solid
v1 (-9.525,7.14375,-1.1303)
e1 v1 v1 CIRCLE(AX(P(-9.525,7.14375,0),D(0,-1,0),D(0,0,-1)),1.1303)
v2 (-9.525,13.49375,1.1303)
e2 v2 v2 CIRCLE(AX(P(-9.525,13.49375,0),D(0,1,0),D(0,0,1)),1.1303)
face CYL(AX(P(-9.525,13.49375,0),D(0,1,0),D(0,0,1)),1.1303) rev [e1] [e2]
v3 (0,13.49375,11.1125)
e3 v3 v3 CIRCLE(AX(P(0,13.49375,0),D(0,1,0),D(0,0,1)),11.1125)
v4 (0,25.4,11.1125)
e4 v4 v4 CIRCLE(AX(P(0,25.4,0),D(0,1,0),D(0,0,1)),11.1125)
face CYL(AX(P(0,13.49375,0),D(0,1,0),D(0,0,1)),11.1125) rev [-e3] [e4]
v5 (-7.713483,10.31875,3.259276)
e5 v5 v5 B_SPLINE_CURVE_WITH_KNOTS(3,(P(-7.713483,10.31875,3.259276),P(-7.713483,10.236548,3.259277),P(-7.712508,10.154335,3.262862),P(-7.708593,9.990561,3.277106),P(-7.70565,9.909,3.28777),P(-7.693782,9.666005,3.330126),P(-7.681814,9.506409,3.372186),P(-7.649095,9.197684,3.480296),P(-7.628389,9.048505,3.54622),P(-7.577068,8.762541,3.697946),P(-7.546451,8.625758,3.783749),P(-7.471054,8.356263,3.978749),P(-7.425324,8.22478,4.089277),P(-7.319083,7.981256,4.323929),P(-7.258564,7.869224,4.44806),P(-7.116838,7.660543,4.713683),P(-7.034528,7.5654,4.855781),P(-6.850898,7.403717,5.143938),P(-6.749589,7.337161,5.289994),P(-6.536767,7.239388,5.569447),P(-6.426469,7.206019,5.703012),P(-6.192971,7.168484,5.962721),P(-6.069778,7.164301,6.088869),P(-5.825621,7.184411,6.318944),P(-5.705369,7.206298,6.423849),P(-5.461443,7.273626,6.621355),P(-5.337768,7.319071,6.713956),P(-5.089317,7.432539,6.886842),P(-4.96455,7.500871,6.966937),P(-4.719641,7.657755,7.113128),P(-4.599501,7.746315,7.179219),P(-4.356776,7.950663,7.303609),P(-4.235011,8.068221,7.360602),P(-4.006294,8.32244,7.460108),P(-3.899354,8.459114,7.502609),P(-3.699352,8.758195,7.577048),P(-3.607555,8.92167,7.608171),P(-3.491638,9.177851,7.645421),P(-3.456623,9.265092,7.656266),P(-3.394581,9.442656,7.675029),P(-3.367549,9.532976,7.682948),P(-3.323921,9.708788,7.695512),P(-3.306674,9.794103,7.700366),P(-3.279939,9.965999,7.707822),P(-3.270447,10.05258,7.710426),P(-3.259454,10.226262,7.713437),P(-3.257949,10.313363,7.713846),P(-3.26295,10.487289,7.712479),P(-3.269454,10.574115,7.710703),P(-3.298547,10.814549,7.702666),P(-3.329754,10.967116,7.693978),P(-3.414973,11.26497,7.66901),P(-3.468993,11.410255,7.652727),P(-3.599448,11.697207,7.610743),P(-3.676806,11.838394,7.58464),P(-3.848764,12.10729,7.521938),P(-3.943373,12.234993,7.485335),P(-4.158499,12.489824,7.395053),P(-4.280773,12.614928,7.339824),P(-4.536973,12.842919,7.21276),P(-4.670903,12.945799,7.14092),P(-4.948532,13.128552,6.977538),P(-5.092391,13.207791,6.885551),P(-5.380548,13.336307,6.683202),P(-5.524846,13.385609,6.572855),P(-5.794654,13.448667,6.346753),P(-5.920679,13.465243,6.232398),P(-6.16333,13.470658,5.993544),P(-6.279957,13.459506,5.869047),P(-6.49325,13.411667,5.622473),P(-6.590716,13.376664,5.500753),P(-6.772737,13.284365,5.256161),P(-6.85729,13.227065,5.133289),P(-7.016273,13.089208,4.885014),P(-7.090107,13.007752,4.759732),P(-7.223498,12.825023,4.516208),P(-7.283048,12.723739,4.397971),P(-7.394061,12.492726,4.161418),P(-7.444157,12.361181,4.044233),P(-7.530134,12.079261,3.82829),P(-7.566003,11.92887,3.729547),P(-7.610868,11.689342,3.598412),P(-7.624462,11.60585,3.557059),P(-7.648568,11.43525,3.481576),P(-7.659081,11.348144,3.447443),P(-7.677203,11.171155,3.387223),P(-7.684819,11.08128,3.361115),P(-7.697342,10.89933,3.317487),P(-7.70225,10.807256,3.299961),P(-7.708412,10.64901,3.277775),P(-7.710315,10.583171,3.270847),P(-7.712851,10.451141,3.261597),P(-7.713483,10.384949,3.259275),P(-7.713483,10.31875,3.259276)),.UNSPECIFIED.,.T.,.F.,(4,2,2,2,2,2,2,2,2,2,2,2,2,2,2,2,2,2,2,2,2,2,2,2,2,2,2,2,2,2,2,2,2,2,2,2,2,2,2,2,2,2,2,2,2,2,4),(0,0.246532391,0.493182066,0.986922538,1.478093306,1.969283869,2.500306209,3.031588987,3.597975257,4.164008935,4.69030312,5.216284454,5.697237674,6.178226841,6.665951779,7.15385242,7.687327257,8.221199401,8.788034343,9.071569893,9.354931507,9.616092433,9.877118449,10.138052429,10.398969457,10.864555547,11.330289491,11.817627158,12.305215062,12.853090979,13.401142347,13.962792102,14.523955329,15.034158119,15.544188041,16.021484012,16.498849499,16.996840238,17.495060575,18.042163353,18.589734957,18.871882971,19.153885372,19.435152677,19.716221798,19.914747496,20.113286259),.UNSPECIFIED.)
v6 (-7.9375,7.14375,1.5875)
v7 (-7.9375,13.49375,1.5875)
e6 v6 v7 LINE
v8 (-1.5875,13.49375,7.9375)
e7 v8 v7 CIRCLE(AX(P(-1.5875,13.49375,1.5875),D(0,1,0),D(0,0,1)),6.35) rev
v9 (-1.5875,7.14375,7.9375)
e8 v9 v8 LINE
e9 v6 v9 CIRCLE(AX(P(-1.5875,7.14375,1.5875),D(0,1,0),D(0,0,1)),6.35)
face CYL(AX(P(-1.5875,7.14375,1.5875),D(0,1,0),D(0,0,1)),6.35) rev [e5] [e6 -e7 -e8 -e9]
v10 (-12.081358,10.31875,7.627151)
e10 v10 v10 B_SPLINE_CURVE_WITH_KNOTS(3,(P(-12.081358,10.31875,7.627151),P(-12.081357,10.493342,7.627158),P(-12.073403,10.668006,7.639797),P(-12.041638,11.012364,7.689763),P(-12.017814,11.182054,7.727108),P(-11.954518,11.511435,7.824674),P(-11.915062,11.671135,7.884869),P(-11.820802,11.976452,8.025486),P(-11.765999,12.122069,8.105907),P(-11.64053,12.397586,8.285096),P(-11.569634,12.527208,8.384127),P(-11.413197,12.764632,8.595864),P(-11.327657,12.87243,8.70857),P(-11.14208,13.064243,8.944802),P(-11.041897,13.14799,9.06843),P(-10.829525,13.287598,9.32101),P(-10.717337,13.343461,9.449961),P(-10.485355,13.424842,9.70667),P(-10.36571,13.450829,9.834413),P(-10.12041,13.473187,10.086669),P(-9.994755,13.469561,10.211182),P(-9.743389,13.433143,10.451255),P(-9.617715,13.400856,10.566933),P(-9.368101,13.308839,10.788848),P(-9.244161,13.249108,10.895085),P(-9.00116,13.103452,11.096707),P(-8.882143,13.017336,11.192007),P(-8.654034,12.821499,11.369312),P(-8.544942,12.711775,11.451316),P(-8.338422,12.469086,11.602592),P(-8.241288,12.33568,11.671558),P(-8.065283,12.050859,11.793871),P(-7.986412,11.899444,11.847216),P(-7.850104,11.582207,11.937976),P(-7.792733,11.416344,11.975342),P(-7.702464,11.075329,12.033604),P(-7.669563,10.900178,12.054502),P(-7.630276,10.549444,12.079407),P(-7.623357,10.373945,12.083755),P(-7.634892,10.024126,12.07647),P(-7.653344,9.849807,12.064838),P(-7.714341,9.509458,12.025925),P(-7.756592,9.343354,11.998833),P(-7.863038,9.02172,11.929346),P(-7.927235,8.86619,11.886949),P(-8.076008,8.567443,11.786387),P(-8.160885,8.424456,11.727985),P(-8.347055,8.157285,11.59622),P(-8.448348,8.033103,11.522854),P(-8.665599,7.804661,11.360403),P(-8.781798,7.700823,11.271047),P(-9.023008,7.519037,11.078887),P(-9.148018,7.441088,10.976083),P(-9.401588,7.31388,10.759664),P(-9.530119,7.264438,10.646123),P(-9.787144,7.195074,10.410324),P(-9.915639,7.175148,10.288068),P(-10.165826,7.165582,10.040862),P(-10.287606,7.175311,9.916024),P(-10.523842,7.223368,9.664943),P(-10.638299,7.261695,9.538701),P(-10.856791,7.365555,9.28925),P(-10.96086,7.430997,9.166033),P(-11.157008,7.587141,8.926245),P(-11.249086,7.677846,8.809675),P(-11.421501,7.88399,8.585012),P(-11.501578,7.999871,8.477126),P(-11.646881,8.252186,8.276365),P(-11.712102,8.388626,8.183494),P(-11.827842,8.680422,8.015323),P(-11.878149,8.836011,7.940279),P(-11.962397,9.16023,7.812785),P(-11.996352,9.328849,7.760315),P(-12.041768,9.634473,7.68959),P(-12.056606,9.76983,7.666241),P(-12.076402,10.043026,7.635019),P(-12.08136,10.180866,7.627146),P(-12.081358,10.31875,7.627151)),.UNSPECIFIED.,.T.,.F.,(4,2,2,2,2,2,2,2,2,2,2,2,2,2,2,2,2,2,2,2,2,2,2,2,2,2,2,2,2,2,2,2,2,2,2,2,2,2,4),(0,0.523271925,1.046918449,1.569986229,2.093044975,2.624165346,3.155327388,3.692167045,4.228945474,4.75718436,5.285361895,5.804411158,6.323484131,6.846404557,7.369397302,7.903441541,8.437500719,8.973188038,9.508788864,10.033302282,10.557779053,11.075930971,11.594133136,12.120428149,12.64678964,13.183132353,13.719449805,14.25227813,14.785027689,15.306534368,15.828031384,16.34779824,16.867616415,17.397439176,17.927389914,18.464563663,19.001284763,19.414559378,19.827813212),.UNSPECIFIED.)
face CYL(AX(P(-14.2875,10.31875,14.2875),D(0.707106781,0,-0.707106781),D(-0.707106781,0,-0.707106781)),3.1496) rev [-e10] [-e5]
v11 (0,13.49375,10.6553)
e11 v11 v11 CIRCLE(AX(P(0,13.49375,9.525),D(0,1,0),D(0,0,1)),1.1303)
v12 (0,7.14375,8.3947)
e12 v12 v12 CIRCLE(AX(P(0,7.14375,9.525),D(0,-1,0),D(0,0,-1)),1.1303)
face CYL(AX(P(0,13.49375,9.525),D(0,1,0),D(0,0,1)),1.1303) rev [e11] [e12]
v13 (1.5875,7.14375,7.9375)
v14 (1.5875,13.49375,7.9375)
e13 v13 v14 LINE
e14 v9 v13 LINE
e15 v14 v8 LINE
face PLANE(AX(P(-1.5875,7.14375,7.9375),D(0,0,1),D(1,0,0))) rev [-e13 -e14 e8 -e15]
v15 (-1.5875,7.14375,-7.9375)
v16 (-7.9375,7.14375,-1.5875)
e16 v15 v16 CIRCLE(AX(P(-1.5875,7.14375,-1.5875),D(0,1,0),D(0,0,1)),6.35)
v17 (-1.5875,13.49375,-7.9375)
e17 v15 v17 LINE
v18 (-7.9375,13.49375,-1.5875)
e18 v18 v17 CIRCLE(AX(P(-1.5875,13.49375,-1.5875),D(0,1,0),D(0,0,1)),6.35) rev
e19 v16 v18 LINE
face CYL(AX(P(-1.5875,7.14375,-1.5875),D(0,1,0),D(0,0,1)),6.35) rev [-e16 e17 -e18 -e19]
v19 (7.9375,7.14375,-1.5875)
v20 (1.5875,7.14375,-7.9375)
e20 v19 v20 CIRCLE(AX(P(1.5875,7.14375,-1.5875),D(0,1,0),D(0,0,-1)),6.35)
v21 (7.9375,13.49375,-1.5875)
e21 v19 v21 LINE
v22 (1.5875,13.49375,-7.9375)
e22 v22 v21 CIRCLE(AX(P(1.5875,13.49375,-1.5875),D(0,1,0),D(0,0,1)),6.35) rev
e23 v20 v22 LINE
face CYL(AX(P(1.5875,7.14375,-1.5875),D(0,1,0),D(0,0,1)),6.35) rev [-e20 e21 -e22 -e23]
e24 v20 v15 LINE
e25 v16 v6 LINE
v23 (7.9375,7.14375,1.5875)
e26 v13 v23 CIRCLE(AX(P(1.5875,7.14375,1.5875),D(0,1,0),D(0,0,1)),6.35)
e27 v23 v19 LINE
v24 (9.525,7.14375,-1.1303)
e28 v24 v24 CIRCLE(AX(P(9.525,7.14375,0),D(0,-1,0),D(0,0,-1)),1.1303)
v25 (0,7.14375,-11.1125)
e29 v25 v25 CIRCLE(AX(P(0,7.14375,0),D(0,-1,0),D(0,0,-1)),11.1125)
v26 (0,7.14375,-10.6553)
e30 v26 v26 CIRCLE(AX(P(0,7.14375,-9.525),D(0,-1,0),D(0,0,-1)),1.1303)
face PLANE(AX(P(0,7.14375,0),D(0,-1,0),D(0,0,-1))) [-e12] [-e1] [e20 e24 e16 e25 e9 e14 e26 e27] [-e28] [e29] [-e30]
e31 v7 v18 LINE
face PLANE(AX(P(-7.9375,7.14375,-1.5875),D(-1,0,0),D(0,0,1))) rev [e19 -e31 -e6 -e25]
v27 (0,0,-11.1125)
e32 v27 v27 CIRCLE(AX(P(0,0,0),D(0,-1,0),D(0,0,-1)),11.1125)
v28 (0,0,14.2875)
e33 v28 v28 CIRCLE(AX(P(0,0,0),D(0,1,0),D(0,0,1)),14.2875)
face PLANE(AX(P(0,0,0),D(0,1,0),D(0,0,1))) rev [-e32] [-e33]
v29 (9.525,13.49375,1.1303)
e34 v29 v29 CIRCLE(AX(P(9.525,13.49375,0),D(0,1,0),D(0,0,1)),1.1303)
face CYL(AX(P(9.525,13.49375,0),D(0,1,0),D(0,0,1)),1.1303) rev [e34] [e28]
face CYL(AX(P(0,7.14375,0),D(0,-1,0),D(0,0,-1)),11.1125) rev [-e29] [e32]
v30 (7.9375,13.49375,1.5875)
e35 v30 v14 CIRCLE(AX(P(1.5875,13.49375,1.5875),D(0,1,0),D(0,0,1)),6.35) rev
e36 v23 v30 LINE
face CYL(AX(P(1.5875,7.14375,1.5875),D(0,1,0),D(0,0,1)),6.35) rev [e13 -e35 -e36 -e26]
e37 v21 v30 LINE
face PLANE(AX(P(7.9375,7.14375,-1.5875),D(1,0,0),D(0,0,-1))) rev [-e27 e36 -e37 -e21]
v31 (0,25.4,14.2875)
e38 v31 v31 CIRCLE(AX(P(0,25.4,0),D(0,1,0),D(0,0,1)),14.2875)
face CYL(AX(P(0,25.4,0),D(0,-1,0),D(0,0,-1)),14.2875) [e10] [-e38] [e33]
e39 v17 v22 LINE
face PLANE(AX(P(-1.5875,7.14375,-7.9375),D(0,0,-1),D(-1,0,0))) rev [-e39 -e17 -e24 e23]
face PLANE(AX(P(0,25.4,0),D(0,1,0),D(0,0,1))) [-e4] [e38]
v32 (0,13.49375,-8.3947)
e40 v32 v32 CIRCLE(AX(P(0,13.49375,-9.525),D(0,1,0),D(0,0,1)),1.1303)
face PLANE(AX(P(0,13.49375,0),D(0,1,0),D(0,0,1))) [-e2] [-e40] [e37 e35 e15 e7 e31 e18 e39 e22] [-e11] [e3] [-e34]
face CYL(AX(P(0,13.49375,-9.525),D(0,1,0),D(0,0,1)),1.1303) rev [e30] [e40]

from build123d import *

# Parameters (mm, degrees)
SKETCH1_R             = 14.2875
BOSS_EXTRUDE1_DEPTH   = 25.4
SKETCH3_R             = 11.1125
CUT_EXTRUDE1_DEPTH    = 7.14375
CUT_EXTRUDE2_DEPTH    = 18.25625
CUT_EXTRUDE3_START    = -11.90625
SKETCH5_R             = 11.1125
CUT_EXTRUDE3_DEPTH    = 11.90625
F_4_40_TAPPED_HOLE1_D = 2.2606
CIRPATTERN1_COUNT     = 4
SKETCH8_R             = 3.1496
CUT_EXTRUDE6_DEPTH    = 33.456514177


with BuildPart() as part:
    # Sketch1 → Boss-Extrude1 (new body)
    with BuildSketch(Plane(origin=(0, 0, 0), x_dir=(1, 0, 0), z_dir=(0, 1, 0))):
        Circle(SKETCH1_R)
    extrude(amount=BOSS_EXTRUDE1_DEPTH)

    # Sketch3 → Cut-Extrude1 (cut)
    with BuildSketch(Plane.XZ):
        Circle(SKETCH3_R)
    extrude(amount=-CUT_EXTRUDE1_DEPTH, mode=Mode.SUBTRACT)

    # Sketch4 → Cut-Extrude2 (cut)
    with BuildSketch(Plane(origin=(0, 25.4, 0), x_dir=(1, 0, 0), z_dir=(0, 1, 0))):
        with BuildLine():
            Line((-1.5875, 7.9375), (1.5875, 7.9375))
            ThreePointArc((1.5875, 7.9375), (6.077628061, 6.077628061), (7.9375, 1.5875))
            Line((7.9375, 1.5875), (7.9375, -1.5875))
            ThreePointArc((7.9375, -1.5875), (6.077628061, -6.077628061), (1.5875, -7.9375))
            Line((1.5875, -7.9375), (-1.5875, -7.9375))
            ThreePointArc((-1.5875, -7.9375), (-6.077628061, -6.077628061), (-7.9375, -1.5875))
            Line((-7.9375, -1.5875), (-7.9375, 1.5875))
            ThreePointArc((-7.9375, 1.5875), (-6.077628061, 6.077628061), (-1.5875, 7.9375))
        make_face()
    extrude(amount=-CUT_EXTRUDE2_DEPTH, mode=Mode.SUBTRACT)

    # Sketch5 → Cut-Extrude3 (cut)
    with BuildSketch(Plane(origin=(0, 25.4, 0), x_dir=(1, 0, 0), z_dir=(0, 1, 0)).offset(CUT_EXTRUDE3_START)):
        Circle(SKETCH5_R)
    extrude(amount=CUT_EXTRUDE3_DEPTH, mode=Mode.SUBTRACT)

    # #4-40 Tapped Hole1 (through all)
    with Locations(Plane(origin=(0, 13.49375, 0), x_dir=(-1, 0, 0), z_dir=(0, 1, 0))):
        with Locations((0, -9.525)):
            f_4_40_tapped_hole1 = Hole(F_4_40_TAPPED_HOLE1_D / 2)

    # CirPattern1: #4-40 Tapped Hole1 ×4 about axis
    cirpattern1_axis = Axis((0, 25.4, 0), (0, 1, 0))
    for i in range(1, CIRPATTERN1_COUNT):
        add(f_4_40_tapped_hole1.rotate(cirpattern1_axis, i * 360 / CIRPATTERN1_COUNT), mode=Mode.SUBTRACT)

    # Sketch8 → Cut-Extrude6 (cut, through all)
    with BuildSketch(Plane(origin=(0, 0, 0), x_dir=(-0.7071067811865488, 0, -0.7071067811865464), z_dir=(0.7071067811865464, 0, -0.7071067811865488))):
        with Locations((0, 10.31875)):
            Circle(SKETCH8_R)
    extrude(amount=-CUT_EXTRUDE6_DEPTH, mode=Mode.SUBTRACT)


solid = part.part
